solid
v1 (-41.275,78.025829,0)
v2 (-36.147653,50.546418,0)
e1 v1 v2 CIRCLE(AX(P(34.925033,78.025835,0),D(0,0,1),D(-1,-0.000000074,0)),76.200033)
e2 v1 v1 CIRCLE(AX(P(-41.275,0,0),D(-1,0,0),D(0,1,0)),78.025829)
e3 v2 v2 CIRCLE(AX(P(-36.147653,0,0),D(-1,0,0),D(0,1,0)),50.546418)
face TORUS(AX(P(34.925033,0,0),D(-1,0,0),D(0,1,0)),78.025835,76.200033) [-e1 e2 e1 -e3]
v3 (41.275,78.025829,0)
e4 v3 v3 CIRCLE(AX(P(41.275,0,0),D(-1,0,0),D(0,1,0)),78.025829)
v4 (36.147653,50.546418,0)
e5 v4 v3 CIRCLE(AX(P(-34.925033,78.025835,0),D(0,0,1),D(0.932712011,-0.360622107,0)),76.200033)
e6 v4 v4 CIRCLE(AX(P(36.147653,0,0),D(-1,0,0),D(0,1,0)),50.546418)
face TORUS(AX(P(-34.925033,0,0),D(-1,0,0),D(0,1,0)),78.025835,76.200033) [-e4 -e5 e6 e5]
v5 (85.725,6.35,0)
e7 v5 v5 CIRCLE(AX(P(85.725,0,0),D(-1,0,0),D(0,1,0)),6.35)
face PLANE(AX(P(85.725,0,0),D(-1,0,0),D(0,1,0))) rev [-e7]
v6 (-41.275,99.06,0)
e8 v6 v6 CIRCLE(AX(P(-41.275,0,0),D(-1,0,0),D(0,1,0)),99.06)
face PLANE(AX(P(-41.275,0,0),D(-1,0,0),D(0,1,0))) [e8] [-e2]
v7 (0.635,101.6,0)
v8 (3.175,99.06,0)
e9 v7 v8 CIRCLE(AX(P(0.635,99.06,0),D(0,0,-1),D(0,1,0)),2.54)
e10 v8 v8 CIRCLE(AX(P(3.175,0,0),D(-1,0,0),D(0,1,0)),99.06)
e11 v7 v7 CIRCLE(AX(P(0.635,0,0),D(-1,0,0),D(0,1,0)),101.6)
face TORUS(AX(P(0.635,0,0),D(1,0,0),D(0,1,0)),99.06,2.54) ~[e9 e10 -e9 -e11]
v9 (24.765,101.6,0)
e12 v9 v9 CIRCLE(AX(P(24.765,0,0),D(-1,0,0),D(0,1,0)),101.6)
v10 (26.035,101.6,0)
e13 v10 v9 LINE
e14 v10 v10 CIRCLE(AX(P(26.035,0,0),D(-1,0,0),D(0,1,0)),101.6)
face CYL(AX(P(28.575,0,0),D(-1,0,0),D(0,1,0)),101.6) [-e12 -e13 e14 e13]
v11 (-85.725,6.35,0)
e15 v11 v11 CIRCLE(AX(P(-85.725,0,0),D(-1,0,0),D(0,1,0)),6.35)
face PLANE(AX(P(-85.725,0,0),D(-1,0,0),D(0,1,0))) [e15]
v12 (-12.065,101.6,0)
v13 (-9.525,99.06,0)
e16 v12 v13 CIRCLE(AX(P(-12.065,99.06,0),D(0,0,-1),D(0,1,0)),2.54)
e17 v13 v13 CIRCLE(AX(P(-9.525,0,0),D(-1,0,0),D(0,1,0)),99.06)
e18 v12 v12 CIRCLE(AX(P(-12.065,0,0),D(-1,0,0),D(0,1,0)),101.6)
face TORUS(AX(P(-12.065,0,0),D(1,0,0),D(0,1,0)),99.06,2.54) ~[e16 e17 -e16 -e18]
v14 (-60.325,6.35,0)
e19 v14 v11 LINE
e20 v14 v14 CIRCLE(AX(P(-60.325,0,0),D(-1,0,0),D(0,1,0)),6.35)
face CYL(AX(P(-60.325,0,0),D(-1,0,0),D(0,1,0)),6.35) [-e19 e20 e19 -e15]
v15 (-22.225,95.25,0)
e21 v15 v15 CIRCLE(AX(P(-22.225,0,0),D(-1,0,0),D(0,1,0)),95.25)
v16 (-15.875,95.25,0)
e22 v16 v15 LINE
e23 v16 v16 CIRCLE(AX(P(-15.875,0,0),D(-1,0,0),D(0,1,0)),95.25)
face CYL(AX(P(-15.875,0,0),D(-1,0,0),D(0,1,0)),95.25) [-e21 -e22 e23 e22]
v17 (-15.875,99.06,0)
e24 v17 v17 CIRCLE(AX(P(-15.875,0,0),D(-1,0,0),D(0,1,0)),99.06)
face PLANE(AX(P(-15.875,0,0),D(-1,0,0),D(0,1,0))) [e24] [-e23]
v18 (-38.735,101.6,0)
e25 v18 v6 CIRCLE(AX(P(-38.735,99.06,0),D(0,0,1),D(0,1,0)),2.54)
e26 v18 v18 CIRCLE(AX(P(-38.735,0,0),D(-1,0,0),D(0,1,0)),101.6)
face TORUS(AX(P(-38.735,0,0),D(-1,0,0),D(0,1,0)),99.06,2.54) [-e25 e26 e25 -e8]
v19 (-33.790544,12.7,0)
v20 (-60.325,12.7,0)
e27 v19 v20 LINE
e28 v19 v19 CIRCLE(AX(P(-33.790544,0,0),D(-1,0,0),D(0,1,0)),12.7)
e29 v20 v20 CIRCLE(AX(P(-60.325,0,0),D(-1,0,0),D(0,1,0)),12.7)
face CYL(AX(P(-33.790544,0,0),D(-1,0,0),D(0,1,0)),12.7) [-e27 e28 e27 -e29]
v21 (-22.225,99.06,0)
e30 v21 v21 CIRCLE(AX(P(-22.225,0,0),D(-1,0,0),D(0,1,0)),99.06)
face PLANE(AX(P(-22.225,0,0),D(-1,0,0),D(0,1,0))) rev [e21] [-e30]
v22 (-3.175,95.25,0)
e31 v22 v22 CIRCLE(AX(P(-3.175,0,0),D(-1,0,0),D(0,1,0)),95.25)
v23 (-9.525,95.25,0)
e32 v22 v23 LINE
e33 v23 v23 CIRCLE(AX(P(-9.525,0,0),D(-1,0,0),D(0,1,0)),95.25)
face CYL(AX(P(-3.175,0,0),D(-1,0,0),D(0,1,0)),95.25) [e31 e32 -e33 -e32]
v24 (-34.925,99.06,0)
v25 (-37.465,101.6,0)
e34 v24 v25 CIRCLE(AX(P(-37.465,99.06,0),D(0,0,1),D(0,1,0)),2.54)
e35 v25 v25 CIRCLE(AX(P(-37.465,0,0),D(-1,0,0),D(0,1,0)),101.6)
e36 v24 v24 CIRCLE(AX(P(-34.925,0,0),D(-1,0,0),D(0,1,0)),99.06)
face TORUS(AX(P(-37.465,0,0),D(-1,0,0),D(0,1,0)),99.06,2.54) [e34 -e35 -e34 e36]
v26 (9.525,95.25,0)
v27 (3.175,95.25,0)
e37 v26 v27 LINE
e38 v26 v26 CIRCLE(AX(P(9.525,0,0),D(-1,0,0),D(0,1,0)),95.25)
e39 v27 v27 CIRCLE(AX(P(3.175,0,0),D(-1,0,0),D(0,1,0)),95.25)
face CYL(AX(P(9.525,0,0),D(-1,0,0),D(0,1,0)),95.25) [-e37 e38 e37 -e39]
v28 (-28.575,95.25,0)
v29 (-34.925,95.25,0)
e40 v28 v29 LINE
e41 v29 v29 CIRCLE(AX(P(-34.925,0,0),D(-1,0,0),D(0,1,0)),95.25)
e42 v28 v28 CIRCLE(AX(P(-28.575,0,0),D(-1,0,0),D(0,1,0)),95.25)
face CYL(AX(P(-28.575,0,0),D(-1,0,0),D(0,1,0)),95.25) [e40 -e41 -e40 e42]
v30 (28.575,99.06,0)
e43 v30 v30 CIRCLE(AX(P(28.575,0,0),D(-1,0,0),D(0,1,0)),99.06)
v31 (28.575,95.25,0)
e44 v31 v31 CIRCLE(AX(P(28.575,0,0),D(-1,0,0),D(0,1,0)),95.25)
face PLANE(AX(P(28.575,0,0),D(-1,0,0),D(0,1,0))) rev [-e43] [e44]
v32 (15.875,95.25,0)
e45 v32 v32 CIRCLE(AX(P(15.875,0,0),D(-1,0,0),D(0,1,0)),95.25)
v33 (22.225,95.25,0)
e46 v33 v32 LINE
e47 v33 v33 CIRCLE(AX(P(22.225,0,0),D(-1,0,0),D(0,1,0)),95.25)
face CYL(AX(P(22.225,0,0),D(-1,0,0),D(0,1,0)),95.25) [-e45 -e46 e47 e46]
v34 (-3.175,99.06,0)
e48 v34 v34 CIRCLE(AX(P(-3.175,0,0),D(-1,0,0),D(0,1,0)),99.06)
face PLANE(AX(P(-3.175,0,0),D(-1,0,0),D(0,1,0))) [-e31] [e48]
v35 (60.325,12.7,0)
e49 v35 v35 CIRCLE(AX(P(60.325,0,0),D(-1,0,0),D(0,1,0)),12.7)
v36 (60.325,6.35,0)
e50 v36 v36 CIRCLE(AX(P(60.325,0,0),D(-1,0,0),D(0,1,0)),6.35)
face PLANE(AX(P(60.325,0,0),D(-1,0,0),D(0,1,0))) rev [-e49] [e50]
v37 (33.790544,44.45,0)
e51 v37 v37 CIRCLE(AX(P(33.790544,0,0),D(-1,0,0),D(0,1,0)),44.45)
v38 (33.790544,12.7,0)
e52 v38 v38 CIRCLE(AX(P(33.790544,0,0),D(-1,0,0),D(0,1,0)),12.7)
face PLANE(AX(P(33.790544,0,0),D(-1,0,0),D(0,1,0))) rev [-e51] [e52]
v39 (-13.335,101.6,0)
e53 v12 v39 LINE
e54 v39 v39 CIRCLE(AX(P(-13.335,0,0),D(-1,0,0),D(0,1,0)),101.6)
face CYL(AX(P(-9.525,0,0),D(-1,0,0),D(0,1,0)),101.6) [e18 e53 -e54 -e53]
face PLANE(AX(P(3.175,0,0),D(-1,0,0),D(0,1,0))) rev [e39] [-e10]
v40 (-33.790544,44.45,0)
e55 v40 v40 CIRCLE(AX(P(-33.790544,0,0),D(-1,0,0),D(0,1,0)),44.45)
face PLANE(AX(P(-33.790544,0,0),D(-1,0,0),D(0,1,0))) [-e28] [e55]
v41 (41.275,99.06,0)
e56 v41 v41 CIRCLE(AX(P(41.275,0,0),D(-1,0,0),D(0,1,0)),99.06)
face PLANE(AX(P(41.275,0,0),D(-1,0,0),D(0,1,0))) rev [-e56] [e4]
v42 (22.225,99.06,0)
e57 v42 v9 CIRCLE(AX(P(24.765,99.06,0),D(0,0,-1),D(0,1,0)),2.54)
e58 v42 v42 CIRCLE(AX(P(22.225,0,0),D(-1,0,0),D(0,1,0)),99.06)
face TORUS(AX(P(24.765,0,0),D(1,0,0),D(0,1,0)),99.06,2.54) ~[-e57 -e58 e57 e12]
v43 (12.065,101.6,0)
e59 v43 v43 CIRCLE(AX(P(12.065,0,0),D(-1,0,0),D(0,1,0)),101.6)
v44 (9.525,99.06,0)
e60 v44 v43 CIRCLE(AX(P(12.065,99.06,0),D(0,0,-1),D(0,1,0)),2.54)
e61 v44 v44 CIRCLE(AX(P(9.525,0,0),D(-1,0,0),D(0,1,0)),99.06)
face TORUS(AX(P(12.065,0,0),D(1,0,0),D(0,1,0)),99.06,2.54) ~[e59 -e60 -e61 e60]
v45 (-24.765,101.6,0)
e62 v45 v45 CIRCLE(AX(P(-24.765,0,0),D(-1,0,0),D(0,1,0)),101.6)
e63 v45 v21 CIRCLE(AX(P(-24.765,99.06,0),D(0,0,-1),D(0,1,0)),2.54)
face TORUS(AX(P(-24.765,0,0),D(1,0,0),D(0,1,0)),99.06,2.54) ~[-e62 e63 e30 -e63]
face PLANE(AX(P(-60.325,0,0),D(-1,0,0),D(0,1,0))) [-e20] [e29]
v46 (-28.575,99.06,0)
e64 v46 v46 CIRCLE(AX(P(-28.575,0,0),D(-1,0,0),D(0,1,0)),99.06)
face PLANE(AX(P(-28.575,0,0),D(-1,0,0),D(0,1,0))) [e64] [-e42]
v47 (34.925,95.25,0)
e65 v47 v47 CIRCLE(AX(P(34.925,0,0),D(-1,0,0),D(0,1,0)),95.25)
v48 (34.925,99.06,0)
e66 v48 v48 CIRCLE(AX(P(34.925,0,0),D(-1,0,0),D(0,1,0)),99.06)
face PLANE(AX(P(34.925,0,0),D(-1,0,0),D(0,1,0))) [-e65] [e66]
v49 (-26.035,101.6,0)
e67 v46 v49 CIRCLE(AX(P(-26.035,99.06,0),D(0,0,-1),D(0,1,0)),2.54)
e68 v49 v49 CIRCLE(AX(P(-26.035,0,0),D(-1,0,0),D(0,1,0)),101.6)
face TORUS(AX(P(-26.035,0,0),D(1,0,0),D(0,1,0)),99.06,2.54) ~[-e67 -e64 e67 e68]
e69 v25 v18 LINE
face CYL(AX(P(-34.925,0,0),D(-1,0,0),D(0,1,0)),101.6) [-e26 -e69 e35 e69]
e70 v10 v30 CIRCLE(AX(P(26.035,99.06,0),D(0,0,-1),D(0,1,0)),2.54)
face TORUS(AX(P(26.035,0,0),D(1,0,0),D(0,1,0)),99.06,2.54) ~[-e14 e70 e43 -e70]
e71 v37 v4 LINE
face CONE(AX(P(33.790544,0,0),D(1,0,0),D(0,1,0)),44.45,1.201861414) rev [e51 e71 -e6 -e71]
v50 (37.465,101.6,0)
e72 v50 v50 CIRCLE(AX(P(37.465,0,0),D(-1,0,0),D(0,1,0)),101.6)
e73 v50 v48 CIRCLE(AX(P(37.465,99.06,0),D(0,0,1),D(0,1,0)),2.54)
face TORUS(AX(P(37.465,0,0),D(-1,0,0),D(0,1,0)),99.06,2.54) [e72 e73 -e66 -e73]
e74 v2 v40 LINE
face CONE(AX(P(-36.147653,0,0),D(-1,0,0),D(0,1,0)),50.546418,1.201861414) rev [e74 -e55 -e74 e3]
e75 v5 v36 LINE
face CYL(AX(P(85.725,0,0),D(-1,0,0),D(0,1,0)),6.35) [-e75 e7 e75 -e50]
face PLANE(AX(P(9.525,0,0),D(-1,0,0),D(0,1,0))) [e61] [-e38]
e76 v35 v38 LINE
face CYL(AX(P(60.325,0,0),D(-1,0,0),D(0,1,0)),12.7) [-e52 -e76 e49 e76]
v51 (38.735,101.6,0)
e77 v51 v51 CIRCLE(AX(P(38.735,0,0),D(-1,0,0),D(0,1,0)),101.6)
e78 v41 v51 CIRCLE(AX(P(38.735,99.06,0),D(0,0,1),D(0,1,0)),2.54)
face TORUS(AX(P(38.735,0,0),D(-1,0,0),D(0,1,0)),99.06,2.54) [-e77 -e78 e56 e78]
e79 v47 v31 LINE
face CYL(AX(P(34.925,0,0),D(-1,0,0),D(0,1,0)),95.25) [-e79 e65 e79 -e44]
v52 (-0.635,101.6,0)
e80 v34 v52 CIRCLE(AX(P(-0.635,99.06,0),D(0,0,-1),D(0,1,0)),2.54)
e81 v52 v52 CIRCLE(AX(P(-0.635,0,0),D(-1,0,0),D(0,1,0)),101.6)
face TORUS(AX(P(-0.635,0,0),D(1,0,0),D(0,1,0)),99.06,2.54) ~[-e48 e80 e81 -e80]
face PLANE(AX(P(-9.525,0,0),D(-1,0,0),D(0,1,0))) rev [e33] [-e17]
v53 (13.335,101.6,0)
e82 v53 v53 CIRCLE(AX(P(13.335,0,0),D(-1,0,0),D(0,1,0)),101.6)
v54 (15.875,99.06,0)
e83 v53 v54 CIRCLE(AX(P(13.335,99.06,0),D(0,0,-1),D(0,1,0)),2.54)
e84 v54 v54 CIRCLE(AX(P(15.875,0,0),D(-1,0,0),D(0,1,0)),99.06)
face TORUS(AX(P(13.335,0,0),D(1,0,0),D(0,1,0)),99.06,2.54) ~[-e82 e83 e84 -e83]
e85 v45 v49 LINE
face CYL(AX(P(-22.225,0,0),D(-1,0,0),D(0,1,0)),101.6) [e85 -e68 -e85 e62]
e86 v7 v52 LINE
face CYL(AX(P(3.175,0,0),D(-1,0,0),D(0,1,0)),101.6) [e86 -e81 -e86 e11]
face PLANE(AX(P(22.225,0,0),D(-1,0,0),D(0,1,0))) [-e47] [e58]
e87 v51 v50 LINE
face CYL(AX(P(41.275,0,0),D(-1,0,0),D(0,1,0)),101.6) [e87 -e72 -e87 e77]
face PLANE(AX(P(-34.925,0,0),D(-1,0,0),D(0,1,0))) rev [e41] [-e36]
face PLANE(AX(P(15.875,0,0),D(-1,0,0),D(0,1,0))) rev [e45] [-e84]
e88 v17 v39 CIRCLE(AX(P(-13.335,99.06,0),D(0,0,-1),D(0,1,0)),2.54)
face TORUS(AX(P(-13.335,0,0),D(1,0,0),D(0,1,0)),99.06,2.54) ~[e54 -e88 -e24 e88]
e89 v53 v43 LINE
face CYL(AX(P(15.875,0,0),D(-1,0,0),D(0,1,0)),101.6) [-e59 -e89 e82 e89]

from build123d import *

# Parameters (mm, degrees)
F2_R = 2.54
F3_R = 2.54


with BuildPart() as f1:
    # F0 (on Top) → F1 (revolve)
    with BuildSketch(Plane.XY):
        with BuildLine():
            Line((3.175, 101.6), (0, 101.6))
            Line((0, 101.6), (-3.175, 101.6))
            Line((-3.175, 101.6), (-3.175, 95.25))
            Line((-3.175, 95.25), (-9.525, 95.25))
            Line((-9.525, 95.25), (-9.525, 101.6))
            Line((-9.525, 101.6), (-15.875, 101.6))
            Line((-15.875, 101.6), (-15.875, 95.25))
            Line((-15.875, 95.25), (-22.225, 95.25))
            Line((-22.225, 95.25), (-22.225, 101.6))
            Line((-22.225, 101.6), (-28.575, 101.6))
            Line((-28.575, 101.6), (-28.575, 95.25))
            Line((-28.575, 95.25), (-34.925, 95.25))
            Line((-34.925, 95.25), (-34.925, 101.6))
            Line((-34.925, 101.6), (-41.275, 101.6))
            Line((-41.275, 101.6), (-41.275, 78.025829))
            ThreePointArc((-41.275, 78.025829), (-39.982196, 64.048994), (-36.147653, 50.546418))
            Line((-36.147653, 50.546418), (-33.790544, 44.45))
            Line((-33.790544, 44.45), (-33.790544, 12.7))
            Line((-33.790544, 12.7), (-60.325, 12.7))
            Line((-60.325, 12.7), (-60.325, 6.35))
            Line((-60.325, 6.35), (-85.725, 6.35))
            Line((-85.725, 6.35), (-85.725, 0))
            Line((-85.725, 0), (0, 0))
            Line((0, 0), (85.725, 0))
            Line((85.725, 0), (85.725, 6.35))
            Line((85.725, 6.35), (60.325, 6.35))
            Line((60.325, 6.35), (60.325, 12.7))
            Line((60.325, 12.7), (33.790544, 12.7))
            Line((33.790544, 12.7), (33.790544, 44.45))
            Line((33.790544, 44.45), (36.147653, 50.546418))
            ThreePointArc((36.147653, 50.546418), (39.982196, 64.048994), (41.275, 78.025829))
            Line((41.275, 78.025829), (41.275, 101.6))
            Line((41.275, 101.6), (34.925, 101.6))
            Line((34.925, 101.6), (34.925, 95.25))
            Line((34.925, 95.25), (28.575, 95.25))
            Line((28.575, 95.25), (28.575, 101.6))
            Line((28.575, 101.6), (22.225, 101.6))
            Line((22.225, 101.6), (22.225, 95.25))
            Line((22.225, 95.25), (15.875, 95.25))
            Line((15.875, 95.25), (15.875, 101.6))
            Line((15.875, 101.6), (9.525, 101.6))
            Line((9.525, 101.6), (9.525, 95.25))
            Line((9.525, 95.25), (3.175, 95.25))
            Line((3.175, 95.25), (3.175, 101.6))
        make_face()
    revolve(axis=Axis((42.8625, 0, 0), (-1, 0, 0)))

    # F2
    f2_edges = [f1.edges().sort_by_distance(p)[0] for p in [
        (-41.275, -101.6, 0),
        (41.275, -101.6, 0),
        (-34.925, -101.6, 0),
        (34.925, -101.6, 0),
    ]]
    fillet(f2_edges, radius=F2_R)

    # F3
    f3_edges = [f1.edges().sort_by_distance(p)[0] for p in [
        (-28.575, -101.6, 0),
        (-22.225, -101.6, 0),
        (-15.875, -101.6, 0),
        (-9.525, -101.6, 0),
        (-3.175, -101.6, 0),
        (3.175, -101.6, 0),
        (9.525, -101.6, 0),
        (15.875, -101.6, 0),
        (22.225, -101.6, 0),
        (28.575, -101.6, 0),
    ]]
    fillet(f3_edges, radius=F3_R)


solid = f1.part
